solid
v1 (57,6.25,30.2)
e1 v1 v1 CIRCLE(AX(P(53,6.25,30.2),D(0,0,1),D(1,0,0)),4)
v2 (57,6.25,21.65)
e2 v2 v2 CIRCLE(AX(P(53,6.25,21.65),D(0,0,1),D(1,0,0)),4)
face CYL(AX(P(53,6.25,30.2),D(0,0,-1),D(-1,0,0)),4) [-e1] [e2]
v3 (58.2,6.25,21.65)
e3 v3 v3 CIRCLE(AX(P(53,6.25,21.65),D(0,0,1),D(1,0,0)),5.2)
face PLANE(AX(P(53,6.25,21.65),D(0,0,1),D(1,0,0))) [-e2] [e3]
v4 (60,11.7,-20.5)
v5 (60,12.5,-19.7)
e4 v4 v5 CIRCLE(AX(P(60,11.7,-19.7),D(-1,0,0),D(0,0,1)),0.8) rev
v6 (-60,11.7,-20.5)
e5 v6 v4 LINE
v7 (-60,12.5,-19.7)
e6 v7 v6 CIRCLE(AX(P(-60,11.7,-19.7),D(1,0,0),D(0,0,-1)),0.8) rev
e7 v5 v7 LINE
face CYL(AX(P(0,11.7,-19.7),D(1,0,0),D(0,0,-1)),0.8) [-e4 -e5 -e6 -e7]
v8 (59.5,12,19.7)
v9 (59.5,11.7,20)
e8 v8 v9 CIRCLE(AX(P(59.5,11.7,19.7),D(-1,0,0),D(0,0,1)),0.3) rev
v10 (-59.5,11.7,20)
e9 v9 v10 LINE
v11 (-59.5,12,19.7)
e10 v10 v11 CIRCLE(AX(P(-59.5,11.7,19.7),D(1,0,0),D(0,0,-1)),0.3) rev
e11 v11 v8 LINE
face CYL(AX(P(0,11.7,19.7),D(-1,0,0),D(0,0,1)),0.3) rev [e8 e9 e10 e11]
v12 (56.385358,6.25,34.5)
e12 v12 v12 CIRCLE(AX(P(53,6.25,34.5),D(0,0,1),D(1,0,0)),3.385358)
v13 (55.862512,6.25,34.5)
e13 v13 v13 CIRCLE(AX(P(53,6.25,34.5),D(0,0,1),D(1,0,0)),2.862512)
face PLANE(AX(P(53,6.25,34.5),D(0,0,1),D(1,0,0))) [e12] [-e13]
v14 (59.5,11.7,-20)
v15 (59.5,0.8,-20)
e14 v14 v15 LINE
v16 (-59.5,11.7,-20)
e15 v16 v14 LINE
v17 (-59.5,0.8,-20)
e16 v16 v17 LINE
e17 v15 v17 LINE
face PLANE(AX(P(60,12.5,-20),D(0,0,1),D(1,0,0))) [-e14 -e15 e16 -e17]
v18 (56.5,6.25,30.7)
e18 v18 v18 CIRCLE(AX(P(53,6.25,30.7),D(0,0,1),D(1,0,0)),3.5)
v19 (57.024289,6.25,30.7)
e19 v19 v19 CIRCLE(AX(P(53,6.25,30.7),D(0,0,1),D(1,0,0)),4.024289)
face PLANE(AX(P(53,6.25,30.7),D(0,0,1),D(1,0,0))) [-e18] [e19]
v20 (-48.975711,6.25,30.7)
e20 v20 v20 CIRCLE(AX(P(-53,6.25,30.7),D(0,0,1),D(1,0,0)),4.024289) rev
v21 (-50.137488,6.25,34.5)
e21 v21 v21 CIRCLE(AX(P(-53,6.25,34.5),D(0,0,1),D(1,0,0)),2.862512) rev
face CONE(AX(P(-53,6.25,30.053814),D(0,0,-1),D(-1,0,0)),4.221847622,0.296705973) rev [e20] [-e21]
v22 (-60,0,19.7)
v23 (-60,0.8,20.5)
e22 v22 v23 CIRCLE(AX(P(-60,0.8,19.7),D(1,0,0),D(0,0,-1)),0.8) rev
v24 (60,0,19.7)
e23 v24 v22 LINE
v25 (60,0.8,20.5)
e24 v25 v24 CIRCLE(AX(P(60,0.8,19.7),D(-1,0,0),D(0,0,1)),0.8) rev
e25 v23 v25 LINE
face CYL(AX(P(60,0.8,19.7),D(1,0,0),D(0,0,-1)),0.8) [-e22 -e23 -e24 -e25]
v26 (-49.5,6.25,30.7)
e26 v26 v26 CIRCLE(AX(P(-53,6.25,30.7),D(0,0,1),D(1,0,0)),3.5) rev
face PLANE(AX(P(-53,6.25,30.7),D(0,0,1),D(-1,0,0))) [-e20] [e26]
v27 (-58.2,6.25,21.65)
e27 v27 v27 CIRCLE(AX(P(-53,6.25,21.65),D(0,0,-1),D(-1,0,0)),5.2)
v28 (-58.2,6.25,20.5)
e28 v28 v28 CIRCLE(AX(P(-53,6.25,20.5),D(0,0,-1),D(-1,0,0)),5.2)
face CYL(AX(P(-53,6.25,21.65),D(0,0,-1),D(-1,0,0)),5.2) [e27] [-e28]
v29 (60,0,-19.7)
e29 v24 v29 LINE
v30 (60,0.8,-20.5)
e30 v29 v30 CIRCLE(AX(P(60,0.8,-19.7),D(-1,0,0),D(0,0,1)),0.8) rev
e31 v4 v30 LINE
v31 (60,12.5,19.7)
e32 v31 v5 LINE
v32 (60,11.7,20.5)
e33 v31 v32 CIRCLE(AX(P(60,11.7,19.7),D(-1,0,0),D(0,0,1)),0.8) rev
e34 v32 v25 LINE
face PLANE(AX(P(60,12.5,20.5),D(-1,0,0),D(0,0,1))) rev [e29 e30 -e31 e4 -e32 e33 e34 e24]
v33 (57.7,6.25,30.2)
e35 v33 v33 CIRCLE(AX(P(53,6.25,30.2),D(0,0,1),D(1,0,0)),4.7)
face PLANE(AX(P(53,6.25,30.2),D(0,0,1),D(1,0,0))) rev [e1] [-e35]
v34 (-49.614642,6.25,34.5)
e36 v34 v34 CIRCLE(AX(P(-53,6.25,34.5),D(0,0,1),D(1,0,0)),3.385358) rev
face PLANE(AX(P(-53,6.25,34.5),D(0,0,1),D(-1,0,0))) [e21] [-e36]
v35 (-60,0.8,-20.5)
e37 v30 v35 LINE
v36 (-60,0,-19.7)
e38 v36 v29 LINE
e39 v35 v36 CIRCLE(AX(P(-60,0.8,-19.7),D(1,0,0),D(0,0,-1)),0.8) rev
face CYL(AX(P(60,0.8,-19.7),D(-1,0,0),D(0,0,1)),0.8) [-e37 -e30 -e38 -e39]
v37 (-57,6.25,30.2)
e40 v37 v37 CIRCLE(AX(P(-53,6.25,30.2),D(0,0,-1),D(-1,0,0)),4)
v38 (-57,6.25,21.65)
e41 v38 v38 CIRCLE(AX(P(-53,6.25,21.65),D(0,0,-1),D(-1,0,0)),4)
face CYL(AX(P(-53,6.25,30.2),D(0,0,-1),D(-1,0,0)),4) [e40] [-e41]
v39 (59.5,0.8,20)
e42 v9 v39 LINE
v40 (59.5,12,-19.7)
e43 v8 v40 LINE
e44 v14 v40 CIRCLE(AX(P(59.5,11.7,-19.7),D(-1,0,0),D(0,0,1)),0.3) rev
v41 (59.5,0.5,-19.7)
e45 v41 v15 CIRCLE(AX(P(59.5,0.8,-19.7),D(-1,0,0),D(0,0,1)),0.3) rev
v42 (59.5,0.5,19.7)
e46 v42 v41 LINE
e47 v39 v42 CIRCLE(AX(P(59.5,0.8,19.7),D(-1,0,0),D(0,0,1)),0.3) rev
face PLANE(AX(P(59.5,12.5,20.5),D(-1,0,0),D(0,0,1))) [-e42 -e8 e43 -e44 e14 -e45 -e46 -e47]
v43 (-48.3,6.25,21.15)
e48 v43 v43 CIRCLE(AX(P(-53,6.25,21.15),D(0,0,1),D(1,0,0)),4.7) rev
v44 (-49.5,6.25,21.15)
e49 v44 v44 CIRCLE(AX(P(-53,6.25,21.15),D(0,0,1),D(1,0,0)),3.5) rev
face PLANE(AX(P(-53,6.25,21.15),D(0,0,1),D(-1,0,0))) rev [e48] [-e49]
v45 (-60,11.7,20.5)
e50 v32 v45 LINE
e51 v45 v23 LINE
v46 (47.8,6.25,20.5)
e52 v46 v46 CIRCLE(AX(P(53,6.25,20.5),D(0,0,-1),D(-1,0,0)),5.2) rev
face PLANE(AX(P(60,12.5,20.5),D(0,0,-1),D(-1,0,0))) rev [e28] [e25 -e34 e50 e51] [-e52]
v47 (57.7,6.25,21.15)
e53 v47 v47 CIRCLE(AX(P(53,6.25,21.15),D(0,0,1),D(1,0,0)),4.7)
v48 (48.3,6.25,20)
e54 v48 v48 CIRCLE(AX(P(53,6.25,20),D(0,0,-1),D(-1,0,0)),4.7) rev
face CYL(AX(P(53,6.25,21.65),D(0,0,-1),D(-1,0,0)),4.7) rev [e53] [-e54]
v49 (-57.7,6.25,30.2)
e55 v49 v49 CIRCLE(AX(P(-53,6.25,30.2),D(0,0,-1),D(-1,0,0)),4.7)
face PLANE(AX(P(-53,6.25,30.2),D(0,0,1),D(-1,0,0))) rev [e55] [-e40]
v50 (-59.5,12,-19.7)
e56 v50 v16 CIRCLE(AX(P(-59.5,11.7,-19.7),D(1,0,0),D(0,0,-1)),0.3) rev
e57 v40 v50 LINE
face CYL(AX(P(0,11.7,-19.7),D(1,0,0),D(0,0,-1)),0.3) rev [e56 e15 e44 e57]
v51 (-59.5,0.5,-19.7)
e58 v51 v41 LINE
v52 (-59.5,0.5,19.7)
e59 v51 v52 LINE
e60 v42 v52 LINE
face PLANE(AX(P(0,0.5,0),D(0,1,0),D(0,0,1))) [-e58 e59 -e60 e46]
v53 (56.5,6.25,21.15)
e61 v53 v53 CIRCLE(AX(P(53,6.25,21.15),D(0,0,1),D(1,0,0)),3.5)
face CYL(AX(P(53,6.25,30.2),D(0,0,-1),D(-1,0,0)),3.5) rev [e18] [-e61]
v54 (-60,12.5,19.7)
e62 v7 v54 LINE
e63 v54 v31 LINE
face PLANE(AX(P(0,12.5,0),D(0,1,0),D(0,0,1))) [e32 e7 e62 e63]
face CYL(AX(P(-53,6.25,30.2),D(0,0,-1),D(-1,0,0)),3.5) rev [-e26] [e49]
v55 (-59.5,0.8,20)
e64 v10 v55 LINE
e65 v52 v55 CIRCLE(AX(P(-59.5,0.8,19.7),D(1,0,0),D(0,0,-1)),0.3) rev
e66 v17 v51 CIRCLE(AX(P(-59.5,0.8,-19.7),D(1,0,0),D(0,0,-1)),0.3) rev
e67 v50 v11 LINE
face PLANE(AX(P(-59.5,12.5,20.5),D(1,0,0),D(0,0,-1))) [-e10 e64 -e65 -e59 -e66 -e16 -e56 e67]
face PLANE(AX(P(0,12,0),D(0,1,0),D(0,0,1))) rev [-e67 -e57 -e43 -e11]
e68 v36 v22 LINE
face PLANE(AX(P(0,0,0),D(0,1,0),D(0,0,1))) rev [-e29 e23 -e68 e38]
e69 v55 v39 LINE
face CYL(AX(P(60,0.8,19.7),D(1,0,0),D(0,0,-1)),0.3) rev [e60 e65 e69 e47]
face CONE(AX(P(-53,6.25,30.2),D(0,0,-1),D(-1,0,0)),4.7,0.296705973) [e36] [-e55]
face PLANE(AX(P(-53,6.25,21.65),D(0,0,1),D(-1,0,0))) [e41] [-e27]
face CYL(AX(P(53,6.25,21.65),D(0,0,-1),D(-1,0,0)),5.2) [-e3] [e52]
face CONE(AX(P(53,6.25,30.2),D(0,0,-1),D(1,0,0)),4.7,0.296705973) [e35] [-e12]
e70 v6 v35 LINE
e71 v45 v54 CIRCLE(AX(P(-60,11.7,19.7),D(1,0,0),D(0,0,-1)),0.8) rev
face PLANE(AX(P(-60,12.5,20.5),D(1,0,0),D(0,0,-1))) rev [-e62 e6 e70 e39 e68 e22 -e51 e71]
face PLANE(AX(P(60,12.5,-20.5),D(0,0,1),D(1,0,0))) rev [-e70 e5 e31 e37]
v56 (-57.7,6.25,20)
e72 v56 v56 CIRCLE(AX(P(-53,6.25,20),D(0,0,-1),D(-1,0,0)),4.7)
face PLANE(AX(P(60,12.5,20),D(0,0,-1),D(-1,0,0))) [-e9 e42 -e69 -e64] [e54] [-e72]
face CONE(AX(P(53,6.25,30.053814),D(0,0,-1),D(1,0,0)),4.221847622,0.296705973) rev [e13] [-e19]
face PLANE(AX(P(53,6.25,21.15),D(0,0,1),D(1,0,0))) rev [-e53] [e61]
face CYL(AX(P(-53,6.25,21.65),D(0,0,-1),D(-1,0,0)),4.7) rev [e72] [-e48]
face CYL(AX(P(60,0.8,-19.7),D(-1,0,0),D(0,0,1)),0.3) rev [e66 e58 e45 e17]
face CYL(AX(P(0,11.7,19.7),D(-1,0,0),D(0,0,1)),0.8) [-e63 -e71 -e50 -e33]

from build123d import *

# Parameters (mm, degrees)
SKETCH1_W           = 120
SKETCH1_H           = 41
BOSS_EXTRUDE1_DEPTH = 12.5
SKETCH2_R           = 5.2
BOSS_EXTRUDE2_DEPTH = 1.15
SKETCH3_R           = 4
BOSS_EXTRUDE3_DEPTH = 8.55
SKETCH4_R           = 4.7
BOSS_EXTRUDE4_DEPTH = 4.3
BOSS_EXTRUDE4_TAPER = 17
FILLET1_R           = 0.8
SHELL1_T            = -0.5


with BuildPart() as part:
    # Sketch1 → Boss-Extrude1 (new body)
    with BuildSketch(Plane(origin=(0, 0, 0), x_dir=(1, 0, 0), z_dir=(0, 1, 0))):
        Rectangle(SKETCH1_W, SKETCH1_H)
    extrude(amount=BOSS_EXTRUDE1_DEPTH)

    # Sketch2 → Boss-Extrude2 (add)
    with BuildSketch(Plane.XY.offset(20.5)):
        with Locations((53, 6.25)):
            Circle(SKETCH2_R)
    boss_extrude2 = extrude(amount=BOSS_EXTRUDE2_DEPTH)

    # Sketch3 → Boss-Extrude3 (add)
    with BuildSketch(Plane.XY.offset(21.65)):
        with Locations((53, 6.25)):
            Circle(SKETCH3_R)
    boss_extrude3 = extrude(amount=BOSS_EXTRUDE3_DEPTH)

    # Sketch4 → Boss-Extrude4 (add)
    with BuildSketch(Plane.XY.offset(30.2)):
        with Locations((53, 6.25)):
            Circle(SKETCH4_R)
    boss_extrude4 = extrude(amount=BOSS_EXTRUDE4_DEPTH, taper=BOSS_EXTRUDE4_TAPER)

    # Mirror1: Boss-Extrude2, Boss-Extrude3, Boss-Extrude4 across plane
    add(boss_extrude2.mirror(Plane(origin=(0, 0, 0), x_dir=(0, 0, 1), z_dir=(1, 0, 0))))
    add(boss_extrude3.mirror(Plane(origin=(0, 0, 0), x_dir=(0, 0, 1), z_dir=(1, 0, 0))))
    add(boss_extrude4.mirror(Plane(origin=(0, 0, 0), x_dir=(0, 0, 1), z_dir=(1, 0, 0))))

    # Fillet1
    fillet1_edges = [part.edges().sort_by_distance(p)[0] for p in [
        (0, 12.5, -20.5),
        (0, 12.5, 20.5),
        (0, 0, 20.5),
        (0, 0, -20.5),
    ]]
    fillet(fillet1_edges, radius=FILLET1_R)

    # Shell1
    shell1_openings = [part.faces().sort_by_distance(p)[0] for p in [
        (53, 6.25, 34.5),
        (-53, 6.25, 34.5),
    ]]
    offset(amount=SHELL1_T, openings=shell1_openings, kind=Kind.INTERSECTION)


solid = part.part
